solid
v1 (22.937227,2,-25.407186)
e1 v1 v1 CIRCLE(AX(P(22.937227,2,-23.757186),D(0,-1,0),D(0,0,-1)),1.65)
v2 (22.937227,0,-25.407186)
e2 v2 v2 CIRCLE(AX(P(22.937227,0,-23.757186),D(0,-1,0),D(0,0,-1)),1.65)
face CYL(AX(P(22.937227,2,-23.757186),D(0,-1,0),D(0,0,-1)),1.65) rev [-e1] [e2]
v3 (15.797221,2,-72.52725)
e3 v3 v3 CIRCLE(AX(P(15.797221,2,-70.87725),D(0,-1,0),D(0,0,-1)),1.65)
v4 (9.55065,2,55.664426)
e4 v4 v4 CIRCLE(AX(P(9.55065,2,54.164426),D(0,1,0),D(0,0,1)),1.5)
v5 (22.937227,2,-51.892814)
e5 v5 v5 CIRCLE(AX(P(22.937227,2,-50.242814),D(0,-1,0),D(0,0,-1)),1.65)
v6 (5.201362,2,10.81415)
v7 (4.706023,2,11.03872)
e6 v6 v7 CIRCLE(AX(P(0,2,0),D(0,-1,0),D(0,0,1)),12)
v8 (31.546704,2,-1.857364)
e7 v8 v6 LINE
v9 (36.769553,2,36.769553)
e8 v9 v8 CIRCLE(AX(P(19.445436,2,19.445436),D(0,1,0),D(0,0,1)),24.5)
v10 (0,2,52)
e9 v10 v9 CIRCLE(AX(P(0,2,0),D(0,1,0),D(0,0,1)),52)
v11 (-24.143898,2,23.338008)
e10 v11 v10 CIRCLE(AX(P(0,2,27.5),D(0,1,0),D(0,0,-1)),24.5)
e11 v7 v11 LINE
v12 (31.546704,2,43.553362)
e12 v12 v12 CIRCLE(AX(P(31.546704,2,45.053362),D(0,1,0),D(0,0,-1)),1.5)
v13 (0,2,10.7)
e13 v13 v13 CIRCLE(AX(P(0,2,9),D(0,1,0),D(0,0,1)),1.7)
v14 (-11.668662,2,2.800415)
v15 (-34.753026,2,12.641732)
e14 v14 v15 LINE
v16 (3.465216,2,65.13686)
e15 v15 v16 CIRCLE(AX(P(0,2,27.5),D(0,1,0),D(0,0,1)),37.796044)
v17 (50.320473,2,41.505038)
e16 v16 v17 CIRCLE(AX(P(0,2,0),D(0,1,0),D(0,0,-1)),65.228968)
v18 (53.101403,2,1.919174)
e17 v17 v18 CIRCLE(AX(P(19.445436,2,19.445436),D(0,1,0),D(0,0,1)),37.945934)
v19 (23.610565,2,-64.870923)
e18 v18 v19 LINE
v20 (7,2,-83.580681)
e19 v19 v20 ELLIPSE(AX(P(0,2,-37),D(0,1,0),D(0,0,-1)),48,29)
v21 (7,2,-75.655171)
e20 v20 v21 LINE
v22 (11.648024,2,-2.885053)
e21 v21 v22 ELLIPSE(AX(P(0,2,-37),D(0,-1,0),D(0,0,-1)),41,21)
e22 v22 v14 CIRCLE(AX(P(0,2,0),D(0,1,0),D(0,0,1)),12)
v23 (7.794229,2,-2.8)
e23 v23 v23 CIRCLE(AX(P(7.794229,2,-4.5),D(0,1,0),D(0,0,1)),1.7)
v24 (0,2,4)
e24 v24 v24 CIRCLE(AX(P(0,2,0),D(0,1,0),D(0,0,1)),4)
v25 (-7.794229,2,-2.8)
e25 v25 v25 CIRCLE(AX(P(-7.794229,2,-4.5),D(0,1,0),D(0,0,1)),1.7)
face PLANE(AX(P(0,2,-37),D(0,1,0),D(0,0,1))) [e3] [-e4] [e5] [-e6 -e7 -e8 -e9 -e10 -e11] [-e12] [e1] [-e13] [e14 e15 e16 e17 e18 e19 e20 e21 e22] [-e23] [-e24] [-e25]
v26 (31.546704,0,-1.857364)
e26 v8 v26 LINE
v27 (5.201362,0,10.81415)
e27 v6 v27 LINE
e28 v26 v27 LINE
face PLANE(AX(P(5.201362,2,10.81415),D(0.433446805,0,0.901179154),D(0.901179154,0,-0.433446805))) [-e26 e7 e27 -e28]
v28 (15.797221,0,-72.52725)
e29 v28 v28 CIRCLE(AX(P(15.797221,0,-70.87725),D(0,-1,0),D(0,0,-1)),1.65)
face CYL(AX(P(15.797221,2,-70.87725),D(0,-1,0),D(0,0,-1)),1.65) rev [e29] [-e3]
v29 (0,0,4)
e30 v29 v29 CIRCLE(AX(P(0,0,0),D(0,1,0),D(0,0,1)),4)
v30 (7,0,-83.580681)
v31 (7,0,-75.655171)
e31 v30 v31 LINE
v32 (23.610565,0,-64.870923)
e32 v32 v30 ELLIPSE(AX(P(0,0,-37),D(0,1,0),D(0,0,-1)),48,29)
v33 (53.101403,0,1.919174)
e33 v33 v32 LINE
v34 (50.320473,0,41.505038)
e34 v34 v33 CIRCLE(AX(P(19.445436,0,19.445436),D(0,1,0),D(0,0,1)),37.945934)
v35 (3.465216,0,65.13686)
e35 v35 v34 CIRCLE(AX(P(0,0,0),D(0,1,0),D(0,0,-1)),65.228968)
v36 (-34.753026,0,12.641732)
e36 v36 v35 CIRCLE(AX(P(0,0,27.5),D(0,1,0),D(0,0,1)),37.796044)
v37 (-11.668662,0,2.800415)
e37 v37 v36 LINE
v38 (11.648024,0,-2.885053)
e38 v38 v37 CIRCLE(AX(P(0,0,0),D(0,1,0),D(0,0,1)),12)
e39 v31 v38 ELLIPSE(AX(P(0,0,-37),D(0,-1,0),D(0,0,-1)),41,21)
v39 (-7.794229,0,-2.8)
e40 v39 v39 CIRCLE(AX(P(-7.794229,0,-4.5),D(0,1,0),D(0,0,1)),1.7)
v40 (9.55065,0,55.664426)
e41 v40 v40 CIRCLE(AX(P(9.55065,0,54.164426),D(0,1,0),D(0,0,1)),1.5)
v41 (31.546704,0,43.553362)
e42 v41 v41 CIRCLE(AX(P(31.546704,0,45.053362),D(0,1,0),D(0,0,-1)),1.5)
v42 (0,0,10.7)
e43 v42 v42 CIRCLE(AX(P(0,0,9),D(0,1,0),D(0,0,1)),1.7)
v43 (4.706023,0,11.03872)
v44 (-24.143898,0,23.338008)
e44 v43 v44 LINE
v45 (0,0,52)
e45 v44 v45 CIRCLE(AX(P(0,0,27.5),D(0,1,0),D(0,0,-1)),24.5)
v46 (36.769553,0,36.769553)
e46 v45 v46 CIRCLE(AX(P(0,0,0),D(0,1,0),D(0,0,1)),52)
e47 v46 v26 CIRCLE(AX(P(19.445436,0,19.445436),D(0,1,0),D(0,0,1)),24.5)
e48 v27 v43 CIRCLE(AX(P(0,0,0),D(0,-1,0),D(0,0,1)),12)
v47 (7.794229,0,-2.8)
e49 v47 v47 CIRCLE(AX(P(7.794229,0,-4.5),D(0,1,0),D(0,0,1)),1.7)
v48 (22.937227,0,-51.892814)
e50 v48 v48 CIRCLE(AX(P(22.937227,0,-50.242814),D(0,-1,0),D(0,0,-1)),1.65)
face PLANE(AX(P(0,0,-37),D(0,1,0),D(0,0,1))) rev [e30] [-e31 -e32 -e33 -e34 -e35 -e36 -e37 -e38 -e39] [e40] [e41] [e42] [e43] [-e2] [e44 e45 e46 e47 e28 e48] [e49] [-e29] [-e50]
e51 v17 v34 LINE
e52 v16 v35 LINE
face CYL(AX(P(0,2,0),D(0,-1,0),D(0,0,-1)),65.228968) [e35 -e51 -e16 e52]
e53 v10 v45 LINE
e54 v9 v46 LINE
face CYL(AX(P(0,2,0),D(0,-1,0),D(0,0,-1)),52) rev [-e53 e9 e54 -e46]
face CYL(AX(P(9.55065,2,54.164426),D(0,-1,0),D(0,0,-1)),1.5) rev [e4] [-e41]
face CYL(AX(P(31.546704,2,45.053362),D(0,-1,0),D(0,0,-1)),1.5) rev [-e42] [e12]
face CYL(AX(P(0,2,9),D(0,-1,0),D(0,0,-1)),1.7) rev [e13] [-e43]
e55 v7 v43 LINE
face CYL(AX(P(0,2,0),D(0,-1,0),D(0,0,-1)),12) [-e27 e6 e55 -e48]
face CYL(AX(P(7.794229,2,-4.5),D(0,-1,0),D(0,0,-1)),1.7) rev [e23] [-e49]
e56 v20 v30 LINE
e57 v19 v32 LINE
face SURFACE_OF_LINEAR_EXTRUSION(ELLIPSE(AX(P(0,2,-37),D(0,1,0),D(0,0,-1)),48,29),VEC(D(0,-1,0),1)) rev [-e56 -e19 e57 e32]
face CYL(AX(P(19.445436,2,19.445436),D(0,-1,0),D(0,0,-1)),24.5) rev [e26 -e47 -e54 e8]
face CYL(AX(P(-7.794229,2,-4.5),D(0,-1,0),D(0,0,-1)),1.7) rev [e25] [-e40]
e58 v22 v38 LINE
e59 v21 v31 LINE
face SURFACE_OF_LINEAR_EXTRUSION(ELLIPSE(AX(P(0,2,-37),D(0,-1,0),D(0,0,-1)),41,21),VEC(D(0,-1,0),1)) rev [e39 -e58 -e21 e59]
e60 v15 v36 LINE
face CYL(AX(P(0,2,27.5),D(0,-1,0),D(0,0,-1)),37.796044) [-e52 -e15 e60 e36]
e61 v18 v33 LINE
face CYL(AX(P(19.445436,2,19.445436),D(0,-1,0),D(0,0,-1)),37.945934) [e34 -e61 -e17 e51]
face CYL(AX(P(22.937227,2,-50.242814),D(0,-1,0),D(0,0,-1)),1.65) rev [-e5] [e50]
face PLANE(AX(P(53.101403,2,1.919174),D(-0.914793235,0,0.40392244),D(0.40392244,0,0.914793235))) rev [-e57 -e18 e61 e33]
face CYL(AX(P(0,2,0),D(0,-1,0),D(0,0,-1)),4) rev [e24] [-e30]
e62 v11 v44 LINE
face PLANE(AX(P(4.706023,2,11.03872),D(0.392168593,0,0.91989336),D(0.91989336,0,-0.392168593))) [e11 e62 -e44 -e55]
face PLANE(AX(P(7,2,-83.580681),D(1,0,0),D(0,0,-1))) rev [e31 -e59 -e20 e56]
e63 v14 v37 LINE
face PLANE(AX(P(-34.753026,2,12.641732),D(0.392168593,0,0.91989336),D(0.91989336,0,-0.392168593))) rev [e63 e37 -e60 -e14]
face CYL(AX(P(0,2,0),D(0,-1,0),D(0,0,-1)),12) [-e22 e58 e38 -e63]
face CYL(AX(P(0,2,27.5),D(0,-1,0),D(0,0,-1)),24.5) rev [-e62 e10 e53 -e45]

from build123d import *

# Parameters (mm, degrees)
SKETCH_1_R          = 1.5
SKETCH_1_R_2        = 4
SKETCH_1_R_3        = 1.7
EXTRUDE_1_DEPTH     = 2
SKETCH_2_R          = 1.65
CUT_EXTRUDE_1_DEPTH = 102.407591669


with BuildPart() as part:
    # Эскиз1 → Бобышка-Вытянуть1 (new body)
    with BuildSketch(Plane(origin=(0, 0, 0), x_dir=(1, 0, 0), z_dir=(0, 1, 0))):
        with BuildLine():
            Line((53.10140272, -1.919174262), (23.610564566, 64.870923375))
            add(Edge.make_bspline(
                [(23.610564566, 64.870923375), (17.392407438, 79.302147967), (7, 83.580680649)],
                knots=[2.190316087, 2.190316087, 2.190316087, 2.897805715, 2.897805715, 2.897805715], degree=2, weights=[1, 0.938082041, 1]))
            Line((7, 83.580680649), (7, 75.655170705))
            add(Edge.make_bspline(
                [(11.648024248, 2.885053055), (46.572977066, 48.339095994), (7, 75.655170705)],
                knots=[3.729556348, 3.729556348, 3.729556348, 5.943348398, 5.943348398, 5.943348398], degree=2, weights=[1, 0.447439597, 1]))
            ThreePointArc((11.648024248, 2.885053055), (-2.842752582, 11.658420037), (-11.66866221, -2.800414652))
            Line((-11.66866221, -2.800414652), (-34.753025964, -12.641731973))
            ThreePointArc((-34.753025964, -12.641731973), (-30.555954815, -49.745776402), (3.465216083, -65.136859857))
            ThreePointArc((3.465216083, -65.136859857), (29.374152775, -58.240684948), (50.320473487, -41.505038039))
            ThreePointArc((50.320473487, -41.505038039), (57.298081669, -22.104606133), (53.10140272, -1.919174262))
        make_face()
        with Locations(Location((9.550649772, -54.164426416, 0), (0, 0, 270))):
            Circle(SKETCH_1_R, mode=Mode.SUBTRACT)
        with Locations(Location((31.546703999, -45.053362436, 0), (0, 0, 90))):
            Circle(SKETCH_1_R, mode=Mode.SUBTRACT)
        with Locations(Location((0, 0, 0), (0, 0, 270))):
            Circle(SKETCH_1_R_2, mode=Mode.SUBTRACT)
        with Locations(Location((0, -9, 0), (0, 0, 270))):
            Circle(SKETCH_1_R_3, mode=Mode.SUBTRACT)
        with Locations(Location((-7.794228634, 4.5, 0), (0, 0, 270))):
            Circle(SKETCH_1_R_3, mode=Mode.SUBTRACT)
        with Locations(Location((7.794228634, 4.5, 0), (0, 0, 270))):
            Circle(SKETCH_1_R_3, mode=Mode.SUBTRACT)
        with BuildLine():
            Line((5.20136166, -10.814149845), (31.546703999, 1.857364378))
            ThreePointArc((31.546703999, 1.857364378), (43.724501128, -16.162599301), (36.769552622, -36.769552622))
            ThreePointArc((36.769552622, -36.769552622), (19.899538483, -48.041735691), (0, -52))
            ThreePointArc((0, -52), (-18.737913487, -43.284188232), (-24.14389825, -23.338008012))
            Line((-24.14389825, -23.338008012), (4.70602312, -11.038720324))
            ThreePointArc((4.70602312, -11.038720324), (4.95496481, -10.929241681), (5.20136166, -10.814149845))
        make_face(mode=Mode.SUBTRACT)
    extrude(amount=EXTRUDE_1_DEPTH)

    # Эскиз2 → Вырез-Вытянуть1 (cut, through all)
    with BuildSketch(Plane.XZ):
        with Locations(Location((22.937226804, -23.75718593, 0), (0, 0, 270))):
            Circle(SKETCH_2_R)
        with Locations(Location((15.797221102, -70.877249978, 0), (0, 0, 270))):
            Circle(SKETCH_2_R)
        with Locations(Location((22.937226804, -50.24281407, 0), (0, 0, 270))):
            Circle(SKETCH_2_R)
    extrude(amount=-CUT_EXTRUDE_1_DEPTH, mode=Mode.SUBTRACT)


solid = part.part
